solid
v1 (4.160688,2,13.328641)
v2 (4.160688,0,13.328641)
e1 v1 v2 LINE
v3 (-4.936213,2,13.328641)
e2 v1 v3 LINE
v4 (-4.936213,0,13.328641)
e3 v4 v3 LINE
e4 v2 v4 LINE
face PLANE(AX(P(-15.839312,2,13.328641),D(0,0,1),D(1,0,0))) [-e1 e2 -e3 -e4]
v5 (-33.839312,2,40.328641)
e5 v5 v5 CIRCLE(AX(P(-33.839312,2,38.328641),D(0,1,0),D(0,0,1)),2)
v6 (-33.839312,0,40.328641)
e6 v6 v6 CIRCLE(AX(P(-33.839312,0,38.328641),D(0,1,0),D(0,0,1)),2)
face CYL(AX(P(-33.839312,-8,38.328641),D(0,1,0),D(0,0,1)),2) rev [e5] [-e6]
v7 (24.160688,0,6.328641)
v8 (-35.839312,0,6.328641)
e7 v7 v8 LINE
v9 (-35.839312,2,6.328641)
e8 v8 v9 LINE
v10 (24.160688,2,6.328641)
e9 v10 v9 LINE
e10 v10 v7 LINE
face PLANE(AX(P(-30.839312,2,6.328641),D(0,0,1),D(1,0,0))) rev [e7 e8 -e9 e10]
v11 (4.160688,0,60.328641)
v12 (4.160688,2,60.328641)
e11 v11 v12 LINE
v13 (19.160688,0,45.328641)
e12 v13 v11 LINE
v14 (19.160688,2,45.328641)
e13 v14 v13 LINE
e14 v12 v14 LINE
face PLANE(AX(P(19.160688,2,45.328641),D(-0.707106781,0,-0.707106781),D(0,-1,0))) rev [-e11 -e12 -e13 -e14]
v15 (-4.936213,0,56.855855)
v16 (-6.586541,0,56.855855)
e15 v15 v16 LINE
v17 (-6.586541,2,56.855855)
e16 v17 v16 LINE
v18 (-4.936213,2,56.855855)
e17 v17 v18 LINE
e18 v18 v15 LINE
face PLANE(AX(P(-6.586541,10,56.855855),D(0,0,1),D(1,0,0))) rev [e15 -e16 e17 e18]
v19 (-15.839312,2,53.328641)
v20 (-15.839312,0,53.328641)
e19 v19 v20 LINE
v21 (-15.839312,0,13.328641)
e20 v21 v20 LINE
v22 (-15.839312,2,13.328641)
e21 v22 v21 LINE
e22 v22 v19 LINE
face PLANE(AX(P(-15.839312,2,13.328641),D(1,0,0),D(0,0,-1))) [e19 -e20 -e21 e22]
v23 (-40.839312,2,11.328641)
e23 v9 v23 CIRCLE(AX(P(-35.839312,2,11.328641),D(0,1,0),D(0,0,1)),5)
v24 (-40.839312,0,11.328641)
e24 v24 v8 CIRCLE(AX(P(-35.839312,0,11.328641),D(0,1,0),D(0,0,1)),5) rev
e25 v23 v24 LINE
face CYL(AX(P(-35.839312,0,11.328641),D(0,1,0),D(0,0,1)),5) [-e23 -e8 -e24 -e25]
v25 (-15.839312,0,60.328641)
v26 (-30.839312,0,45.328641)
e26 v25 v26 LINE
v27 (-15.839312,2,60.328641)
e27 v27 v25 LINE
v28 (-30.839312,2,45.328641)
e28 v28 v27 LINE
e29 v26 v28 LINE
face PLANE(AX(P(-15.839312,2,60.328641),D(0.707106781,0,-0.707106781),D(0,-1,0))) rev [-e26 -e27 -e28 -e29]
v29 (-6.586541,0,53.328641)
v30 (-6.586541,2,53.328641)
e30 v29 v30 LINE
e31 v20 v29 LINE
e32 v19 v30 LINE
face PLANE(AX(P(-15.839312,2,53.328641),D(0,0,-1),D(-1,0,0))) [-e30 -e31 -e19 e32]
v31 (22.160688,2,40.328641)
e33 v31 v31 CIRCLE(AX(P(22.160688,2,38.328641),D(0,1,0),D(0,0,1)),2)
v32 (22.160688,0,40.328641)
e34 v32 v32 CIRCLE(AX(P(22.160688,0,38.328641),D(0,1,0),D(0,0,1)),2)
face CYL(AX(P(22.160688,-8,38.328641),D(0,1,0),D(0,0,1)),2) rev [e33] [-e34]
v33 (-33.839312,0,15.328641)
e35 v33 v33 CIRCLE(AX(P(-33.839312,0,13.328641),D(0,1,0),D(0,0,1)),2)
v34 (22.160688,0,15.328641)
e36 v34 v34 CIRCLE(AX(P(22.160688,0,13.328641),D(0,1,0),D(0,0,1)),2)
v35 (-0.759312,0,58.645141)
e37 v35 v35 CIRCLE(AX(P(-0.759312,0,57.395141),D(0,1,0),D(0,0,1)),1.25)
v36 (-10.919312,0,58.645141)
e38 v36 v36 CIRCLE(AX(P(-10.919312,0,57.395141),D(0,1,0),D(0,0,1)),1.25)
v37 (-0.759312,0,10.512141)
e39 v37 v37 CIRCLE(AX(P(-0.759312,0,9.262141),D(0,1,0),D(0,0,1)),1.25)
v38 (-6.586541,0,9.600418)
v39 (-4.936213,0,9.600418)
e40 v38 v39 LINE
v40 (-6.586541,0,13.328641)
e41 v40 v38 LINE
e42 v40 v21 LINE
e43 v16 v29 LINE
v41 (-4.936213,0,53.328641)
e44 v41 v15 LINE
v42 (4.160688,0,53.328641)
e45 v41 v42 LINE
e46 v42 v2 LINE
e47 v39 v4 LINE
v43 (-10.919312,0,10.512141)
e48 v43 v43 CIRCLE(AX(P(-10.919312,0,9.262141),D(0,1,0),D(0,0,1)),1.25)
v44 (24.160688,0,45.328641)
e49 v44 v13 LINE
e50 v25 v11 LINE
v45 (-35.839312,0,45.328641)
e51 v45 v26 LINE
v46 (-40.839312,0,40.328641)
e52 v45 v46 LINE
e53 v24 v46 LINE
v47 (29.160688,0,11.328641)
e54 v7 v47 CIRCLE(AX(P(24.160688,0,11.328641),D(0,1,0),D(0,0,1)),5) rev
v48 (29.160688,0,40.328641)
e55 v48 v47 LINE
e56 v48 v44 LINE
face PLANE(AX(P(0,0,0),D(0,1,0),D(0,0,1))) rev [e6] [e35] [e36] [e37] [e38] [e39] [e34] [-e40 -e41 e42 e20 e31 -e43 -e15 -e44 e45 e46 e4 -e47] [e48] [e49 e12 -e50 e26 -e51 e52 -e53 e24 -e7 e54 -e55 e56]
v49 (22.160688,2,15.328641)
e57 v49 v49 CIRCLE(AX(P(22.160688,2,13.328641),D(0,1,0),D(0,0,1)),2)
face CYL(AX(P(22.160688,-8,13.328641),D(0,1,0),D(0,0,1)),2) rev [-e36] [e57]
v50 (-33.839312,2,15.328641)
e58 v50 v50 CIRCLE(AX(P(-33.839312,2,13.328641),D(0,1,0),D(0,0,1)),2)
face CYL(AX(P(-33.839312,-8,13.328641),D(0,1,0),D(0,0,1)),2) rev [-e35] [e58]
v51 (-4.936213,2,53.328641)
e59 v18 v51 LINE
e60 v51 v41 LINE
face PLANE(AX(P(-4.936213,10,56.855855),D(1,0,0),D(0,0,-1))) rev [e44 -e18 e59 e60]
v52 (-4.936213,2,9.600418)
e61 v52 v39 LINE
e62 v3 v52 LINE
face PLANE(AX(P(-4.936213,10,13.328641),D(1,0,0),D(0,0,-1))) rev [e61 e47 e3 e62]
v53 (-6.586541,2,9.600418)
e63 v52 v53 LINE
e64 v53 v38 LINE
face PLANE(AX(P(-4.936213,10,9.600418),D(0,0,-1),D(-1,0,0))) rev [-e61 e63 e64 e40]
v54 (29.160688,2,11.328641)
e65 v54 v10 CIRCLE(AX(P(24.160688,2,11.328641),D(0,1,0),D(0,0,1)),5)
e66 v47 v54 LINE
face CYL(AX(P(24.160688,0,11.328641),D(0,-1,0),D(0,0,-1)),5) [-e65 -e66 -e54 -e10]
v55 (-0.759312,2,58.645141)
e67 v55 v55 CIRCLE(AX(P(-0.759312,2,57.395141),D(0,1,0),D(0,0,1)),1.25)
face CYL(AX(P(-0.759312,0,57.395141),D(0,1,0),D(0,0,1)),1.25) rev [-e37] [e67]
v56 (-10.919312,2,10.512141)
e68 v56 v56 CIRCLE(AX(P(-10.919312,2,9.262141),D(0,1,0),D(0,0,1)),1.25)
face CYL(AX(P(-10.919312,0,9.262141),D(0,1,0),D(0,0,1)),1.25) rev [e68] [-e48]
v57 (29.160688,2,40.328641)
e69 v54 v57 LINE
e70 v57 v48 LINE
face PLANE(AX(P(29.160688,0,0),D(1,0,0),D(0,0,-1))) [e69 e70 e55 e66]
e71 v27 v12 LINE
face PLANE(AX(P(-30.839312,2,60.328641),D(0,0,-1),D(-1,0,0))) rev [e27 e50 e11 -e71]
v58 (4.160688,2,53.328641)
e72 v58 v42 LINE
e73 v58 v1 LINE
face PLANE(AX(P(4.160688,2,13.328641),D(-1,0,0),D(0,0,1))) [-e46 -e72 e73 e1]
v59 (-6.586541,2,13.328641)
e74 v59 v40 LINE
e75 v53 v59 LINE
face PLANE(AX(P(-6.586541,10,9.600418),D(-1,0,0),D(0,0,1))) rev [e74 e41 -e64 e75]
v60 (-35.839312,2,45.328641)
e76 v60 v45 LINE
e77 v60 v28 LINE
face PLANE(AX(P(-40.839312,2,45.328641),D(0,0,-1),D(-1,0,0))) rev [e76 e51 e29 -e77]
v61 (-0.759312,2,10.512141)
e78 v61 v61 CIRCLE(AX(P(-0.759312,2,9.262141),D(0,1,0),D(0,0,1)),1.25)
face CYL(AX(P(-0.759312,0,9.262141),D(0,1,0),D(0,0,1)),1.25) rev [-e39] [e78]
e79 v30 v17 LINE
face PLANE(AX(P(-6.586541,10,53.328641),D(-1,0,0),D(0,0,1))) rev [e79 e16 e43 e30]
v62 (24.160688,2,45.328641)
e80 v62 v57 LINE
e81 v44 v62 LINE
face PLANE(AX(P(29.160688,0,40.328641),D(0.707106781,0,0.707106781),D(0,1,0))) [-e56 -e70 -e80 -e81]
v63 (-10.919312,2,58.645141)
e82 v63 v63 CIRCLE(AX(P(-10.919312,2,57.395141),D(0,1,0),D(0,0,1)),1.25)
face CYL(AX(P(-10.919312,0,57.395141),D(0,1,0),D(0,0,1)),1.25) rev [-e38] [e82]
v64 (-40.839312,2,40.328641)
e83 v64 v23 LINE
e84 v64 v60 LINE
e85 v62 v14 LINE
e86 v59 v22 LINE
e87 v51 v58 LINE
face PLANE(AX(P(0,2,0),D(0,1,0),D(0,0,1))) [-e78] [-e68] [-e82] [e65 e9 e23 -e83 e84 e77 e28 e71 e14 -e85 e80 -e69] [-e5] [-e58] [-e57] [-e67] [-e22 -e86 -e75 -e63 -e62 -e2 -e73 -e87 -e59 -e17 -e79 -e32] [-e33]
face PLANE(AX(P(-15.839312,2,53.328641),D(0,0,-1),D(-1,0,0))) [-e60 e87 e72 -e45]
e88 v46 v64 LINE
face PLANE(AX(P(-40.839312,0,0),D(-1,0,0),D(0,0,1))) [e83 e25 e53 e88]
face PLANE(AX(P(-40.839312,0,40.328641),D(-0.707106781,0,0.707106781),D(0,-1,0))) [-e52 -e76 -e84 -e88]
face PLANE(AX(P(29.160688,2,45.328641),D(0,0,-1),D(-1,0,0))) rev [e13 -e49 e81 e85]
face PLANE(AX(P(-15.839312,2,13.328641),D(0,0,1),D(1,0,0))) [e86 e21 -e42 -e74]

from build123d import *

# Parameters (mm, degrees)
SKETCH_1_W          = 50
SKETCH_1_H          = 54
SKETCH_1_W_2        = 20
SKETCH_1_H_2        = 40
EXTRUDE_1_DEPTH     = 2
SKETCH_2_R          = 1.25
CUT_EXTRUDE_1_DEPTH = 2
CHAMFER_1_SIZE      = 15
SKETCH_3_W          = 39
SKETCH_3_H          = 2
EXTRUDE_2_DEPTH     = 10
SKETCH_4_W          = 39
SKETCH_4_H          = 2
EXTRUDE_3_DEPTH     = 10
CHAMFER_2_SIZE      = 5
SKETCH_5_R          = 2
CUT_EXTRUDE_2_DEPTH = 10
SKETCH_6_W          = 1.650327519
SKETCH_6_H          = 3.527213322
SKETCH_6_H_2        = 3.728223566
CUT_EXTRUDE_3_DEPTH = 10
FILLET_2_R          = 5


with BuildPart() as part:
    # Эскиз1 → Бобышка-Вытянуть1 (new body)
    with BuildSketch(Plane(origin=(0, 0, 0), x_dir=(1, 0, 0), z_dir=(0, 1, 0))):
        with Locations((-5.839311735, -33.32864132)):
            Rectangle(SKETCH_1_W, SKETCH_1_H)
        with Locations((-5.839311735, -33.32864132)):
            Rectangle(SKETCH_1_W_2, SKETCH_1_H_2, mode=Mode.SUBTRACT)
    extrude(amount=EXTRUDE_1_DEPTH)

    # Эскиз2 → Вырез-Вытянуть1 (cut)
    with BuildSketch(Plane(origin=(0, 2, 0), x_dir=(1, 0, 0), z_dir=(0, 1, 0))):
        with Locations(Location((-10.919311735, -57.39514132, 0), (0, 0, 270))):
            Circle(SKETCH_2_R)
        with Locations(Location((-0.759311735, -57.39514132, 0), (0, 0, 270))):
            Circle(SKETCH_2_R)
        with Locations(Location((-10.919311735, -9.26214132, 0), (0, 0, 270))):
            Circle(SKETCH_2_R)
        with Locations(Location((-0.759311735, -9.26214132, 0), (0, 0, 270))):
            Circle(SKETCH_2_R)
    extrude(amount=-CUT_EXTRUDE_1_DEPTH, mode=Mode.SUBTRACT)

    # Фаска1
    chamfer_1_edges = [part.edges().sort_by_distance(p)[0] for p in [
        (19.160688265, 1, 60.32864132),
        (-30.839311735, 1, 60.32864132),
    ]]
    chamfer(chamfer_1_edges, length=CHAMFER_1_SIZE)

    # Эскиз3 → Бобышка-Вытянуть2 (add)
    with BuildSketch(Plane(origin=(19.160688265, 0, 0), x_dir=(0, 0, -1), z_dir=(1, 0, 0))):
        with Locations((-25.82864132, 1)):
            Rectangle(SKETCH_3_W, SKETCH_3_H)
    extrude(amount=EXTRUDE_2_DEPTH)

    # Эскиз4 → Бобышка-Вытянуть3 (add)
    with BuildSketch(Plane.ZY.offset(30.839311735)):
        with Locations((25.82864132, 1)):
            Rectangle(SKETCH_4_W, SKETCH_4_H)
    extrude(amount=EXTRUDE_3_DEPTH)

    # Фаска2
    chamfer_2_edges = [part.edges().sort_by_distance(p)[0] for p in [
        (29.160688265, 1, 45.32864132),
        (-40.839311735, 1, 45.32864132),
    ]]
    chamfer(chamfer_2_edges, length=CHAMFER_2_SIZE)

    # Эскиз5 → Вырез-Вытянуть2 (cut)
    with BuildSketch(Plane(origin=(0, 2, 0), x_dir=(1, 0, 0), z_dir=(0, 1, 0))):
        with Locations(Location((22.160688265, -38.32864132, 0), (0, 0, 270))):
            Circle(SKETCH_5_R)
        with Locations(Location((-33.839311735, -38.32864132, 0), (0, 0, 270))):
            Circle(SKETCH_5_R)
        with Locations(Location((-33.839311735, -13.32864132, 0), (0, 0, 270))):
            Circle(SKETCH_5_R)
        with Locations(Location((22.160688265, -13.32864132, 0), (0, 0, 270))):
            Circle(SKETCH_5_R)
    extrude(amount=-CUT_EXTRUDE_2_DEPTH, mode=Mode.SUBTRACT)

    # Эскиз6 → Вырез-Вытянуть3 (cut)
    with BuildSketch(Plane.XZ):
        with Locations((-5.761377028, 55.092247981)):
            Rectangle(SKETCH_6_W, SKETCH_6_H)
        with Locations((-5.761377028, 11.464529537)):
            Rectangle(SKETCH_6_W, SKETCH_6_H_2)
    extrude(amount=-CUT_EXTRUDE_3_DEPTH, mode=Mode.SUBTRACT)

    # Скругление2
    fillet_2_edges = [part.edges().sort_by_distance(p)[0] for p in [
        (29.160688265, 1, 6.32864132),
        (-40.839311735, 1, 6.32864132),
    ]]
    fillet(fillet_2_edges, radius=FILLET_2_R)


solid = part.part
